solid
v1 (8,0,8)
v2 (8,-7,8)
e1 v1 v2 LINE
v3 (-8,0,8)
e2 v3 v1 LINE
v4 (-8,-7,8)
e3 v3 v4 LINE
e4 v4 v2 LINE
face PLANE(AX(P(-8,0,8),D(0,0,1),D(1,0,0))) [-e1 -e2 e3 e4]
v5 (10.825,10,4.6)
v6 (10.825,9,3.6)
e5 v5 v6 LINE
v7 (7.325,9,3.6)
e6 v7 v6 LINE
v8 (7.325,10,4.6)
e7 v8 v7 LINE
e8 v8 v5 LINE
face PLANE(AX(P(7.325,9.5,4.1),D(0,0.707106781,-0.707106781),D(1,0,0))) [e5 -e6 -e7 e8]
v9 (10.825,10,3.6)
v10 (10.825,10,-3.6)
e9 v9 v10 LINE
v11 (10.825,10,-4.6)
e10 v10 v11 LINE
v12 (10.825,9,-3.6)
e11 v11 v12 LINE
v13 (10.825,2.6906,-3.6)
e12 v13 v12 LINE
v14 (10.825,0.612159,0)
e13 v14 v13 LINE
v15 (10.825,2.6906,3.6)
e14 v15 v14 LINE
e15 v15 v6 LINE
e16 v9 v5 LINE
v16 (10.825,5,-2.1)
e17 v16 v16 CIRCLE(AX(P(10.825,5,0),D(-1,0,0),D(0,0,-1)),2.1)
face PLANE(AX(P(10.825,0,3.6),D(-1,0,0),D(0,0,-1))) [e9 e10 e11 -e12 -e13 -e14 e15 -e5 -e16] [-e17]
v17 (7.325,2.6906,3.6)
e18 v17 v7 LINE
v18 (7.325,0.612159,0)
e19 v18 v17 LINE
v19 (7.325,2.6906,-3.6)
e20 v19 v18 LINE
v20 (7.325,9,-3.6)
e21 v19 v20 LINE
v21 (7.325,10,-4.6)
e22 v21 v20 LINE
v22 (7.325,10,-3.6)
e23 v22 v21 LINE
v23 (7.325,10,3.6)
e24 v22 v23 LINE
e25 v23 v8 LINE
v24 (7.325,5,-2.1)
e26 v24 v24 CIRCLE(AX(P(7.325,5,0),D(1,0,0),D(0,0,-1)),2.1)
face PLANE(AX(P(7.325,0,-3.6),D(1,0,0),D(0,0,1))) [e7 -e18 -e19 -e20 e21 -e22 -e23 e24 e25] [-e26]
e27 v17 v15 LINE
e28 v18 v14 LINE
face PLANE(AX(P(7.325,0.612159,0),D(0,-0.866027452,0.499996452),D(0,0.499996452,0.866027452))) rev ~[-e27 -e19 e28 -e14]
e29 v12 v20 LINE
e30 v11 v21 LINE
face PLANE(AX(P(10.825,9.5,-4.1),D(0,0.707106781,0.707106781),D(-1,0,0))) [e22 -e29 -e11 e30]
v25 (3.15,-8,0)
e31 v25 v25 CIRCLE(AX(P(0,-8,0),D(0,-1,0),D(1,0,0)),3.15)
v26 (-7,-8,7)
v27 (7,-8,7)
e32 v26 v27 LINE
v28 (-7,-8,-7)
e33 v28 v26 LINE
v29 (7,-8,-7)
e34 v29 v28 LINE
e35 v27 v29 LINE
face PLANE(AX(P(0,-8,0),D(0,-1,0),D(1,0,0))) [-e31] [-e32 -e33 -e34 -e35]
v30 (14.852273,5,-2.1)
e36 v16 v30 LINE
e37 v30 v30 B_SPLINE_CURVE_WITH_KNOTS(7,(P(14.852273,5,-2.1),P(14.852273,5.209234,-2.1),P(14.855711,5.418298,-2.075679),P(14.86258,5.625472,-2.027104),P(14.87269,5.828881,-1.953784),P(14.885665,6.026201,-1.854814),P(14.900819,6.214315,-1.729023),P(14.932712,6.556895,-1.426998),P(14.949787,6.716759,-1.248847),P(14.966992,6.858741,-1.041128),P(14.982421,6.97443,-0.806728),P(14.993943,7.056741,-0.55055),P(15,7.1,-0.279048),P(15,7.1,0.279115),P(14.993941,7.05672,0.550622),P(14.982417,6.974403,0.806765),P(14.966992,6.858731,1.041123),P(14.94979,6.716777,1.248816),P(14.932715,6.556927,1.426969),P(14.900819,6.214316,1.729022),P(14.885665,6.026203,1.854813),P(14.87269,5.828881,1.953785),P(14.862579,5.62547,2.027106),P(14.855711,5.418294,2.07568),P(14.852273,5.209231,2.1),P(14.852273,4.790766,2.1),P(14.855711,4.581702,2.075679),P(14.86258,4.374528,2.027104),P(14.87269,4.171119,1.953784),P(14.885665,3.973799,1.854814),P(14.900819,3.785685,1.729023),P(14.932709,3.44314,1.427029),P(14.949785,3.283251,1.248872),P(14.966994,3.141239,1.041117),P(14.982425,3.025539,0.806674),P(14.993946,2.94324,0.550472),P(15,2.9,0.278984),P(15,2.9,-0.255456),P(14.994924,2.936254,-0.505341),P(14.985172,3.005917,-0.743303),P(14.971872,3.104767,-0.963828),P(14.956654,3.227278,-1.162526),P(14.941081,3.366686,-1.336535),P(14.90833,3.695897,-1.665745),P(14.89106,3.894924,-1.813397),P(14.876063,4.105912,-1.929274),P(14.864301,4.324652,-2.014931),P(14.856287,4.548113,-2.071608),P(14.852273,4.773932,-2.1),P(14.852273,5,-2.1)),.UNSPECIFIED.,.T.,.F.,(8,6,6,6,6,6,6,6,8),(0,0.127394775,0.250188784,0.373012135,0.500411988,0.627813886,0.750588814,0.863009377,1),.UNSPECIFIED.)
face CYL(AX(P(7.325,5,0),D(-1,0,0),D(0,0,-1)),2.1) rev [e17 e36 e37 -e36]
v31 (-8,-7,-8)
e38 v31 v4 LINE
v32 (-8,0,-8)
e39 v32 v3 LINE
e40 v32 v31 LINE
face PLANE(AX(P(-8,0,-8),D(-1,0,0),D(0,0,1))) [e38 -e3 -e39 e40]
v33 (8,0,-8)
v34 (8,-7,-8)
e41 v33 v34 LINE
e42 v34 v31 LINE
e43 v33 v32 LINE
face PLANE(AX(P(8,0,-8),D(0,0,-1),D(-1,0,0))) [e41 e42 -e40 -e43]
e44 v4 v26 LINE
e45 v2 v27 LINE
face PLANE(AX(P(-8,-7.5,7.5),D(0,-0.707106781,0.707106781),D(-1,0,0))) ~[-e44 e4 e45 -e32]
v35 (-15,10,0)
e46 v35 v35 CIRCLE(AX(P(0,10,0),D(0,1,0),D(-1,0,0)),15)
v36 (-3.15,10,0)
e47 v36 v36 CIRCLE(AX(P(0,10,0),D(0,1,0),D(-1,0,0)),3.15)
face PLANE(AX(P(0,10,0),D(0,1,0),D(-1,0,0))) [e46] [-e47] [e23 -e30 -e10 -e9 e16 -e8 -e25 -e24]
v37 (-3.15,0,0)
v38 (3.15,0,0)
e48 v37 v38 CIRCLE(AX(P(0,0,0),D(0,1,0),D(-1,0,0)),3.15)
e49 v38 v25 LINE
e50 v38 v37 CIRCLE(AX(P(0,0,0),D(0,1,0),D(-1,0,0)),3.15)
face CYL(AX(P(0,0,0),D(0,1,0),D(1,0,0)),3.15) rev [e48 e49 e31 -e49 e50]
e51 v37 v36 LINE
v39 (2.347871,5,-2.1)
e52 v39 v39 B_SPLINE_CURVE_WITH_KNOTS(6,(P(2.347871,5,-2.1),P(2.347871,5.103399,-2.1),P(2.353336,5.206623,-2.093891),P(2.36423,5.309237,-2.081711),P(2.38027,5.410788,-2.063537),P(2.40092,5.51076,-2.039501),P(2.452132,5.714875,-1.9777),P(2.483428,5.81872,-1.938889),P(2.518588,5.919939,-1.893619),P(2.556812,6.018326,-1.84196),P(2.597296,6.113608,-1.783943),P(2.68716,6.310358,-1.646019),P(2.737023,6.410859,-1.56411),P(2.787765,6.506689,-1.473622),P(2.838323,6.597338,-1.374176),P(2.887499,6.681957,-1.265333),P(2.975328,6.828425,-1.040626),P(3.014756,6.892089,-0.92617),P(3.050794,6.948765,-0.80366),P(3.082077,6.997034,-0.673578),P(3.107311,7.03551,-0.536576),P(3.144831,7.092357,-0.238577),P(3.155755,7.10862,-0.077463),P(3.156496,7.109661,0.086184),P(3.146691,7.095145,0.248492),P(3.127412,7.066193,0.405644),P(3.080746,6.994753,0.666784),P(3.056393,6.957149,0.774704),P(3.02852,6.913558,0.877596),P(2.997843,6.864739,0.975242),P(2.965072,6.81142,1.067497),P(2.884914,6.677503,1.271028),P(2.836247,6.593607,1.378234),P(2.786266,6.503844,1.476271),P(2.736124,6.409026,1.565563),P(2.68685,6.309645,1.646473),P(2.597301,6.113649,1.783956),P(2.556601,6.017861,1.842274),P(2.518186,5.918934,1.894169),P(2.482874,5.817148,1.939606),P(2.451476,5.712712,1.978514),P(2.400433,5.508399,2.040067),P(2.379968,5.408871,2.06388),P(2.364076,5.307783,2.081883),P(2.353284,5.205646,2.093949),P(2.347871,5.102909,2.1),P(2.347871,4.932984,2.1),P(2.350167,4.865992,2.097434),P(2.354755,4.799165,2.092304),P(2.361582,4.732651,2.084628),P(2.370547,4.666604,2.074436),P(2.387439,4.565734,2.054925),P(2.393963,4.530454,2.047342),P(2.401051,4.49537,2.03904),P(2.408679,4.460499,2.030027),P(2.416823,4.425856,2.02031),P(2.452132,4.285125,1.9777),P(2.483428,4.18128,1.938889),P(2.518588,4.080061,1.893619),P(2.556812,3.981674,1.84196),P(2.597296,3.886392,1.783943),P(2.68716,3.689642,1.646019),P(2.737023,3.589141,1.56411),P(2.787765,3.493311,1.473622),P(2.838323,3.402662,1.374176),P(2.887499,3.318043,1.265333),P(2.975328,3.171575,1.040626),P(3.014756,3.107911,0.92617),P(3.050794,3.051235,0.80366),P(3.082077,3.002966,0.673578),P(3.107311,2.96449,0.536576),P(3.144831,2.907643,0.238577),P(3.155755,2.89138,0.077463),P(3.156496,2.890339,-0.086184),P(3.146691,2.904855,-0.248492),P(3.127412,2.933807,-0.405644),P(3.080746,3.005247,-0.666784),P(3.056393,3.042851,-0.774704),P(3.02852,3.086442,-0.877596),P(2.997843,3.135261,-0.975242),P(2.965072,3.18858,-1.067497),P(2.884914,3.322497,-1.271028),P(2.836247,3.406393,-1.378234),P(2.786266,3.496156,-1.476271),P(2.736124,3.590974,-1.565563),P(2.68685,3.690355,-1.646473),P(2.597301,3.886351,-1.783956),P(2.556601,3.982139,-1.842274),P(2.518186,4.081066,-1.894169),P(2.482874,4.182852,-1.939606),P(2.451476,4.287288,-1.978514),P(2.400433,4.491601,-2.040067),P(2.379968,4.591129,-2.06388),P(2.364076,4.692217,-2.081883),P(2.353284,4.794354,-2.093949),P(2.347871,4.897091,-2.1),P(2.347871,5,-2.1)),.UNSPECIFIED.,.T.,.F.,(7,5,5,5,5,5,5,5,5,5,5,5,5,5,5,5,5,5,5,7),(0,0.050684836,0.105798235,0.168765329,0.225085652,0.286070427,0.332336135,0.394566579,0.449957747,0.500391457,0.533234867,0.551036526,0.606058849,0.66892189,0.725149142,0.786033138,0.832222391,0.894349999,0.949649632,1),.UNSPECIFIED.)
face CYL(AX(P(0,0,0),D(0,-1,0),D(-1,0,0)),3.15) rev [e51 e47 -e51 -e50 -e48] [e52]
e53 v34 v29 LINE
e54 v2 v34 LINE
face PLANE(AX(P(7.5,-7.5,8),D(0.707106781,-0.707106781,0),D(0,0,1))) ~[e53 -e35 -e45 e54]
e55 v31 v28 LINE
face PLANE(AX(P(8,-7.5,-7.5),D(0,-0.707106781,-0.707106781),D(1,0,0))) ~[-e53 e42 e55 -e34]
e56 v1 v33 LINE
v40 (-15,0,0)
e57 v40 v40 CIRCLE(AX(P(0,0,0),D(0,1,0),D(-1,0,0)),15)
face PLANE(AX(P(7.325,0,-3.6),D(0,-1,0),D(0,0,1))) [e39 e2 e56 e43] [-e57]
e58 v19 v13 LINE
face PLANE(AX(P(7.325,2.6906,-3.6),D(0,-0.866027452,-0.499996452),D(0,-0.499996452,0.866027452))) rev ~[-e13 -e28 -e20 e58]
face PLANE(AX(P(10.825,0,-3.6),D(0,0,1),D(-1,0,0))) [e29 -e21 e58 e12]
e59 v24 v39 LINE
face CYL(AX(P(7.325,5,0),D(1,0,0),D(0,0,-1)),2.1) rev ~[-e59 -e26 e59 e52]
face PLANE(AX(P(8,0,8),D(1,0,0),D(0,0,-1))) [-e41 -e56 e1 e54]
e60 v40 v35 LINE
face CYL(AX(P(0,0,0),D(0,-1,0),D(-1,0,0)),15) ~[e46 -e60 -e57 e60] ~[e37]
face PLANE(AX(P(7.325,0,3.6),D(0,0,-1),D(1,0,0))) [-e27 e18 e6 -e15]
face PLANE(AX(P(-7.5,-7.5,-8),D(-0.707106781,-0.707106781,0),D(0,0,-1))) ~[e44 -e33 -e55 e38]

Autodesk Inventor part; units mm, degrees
ref_plane "YZ Plane" through (0, 0, 0) normal (1, 0, 0) x (0, 1, 0)
ref_plane "XZ Plane" through (0, 0, 0) normal (0, 1, 0) x (-1, 0, 0)
ref_plane "XY Plane" through (0, 0, 0) normal (0, 0, 1) x (1, 0, 0)
sketch "Boceto1" plane through (0, 0, 0) normal (0, 1, 0) x (-1, 0, 0)
  circle A0 centre (0, 0) radius 3.15
  circle A1 centre (0, 0) radius 15
  line L0 (-7.325, 3.6) -> (-10.825, 3.6)
  line L1 (-10.825, 3.6) -> (-10.825, -3.6)
  line L2 (-10.825, -3.6) -> (-7.325, -3.6)
  line L3 (-7.325, -3.6) -> (-7.325, 3.6)
  circle A2 centre (0, 0) radius 9.763 construction
  line L4 (6.7802, -4.5436) -> (0.5448, -8.1436)
  line L5 (8.5302, -7.5747) -> (6.7802, -4.5436)
  line L6 (2.2948, -11.1747) -> (8.5302, -7.5747)
  line L7 (0.5448, -8.1436) -> (2.2948, -11.1747)
  line L8 (0.5448, 8.1436) -> (6.7802, 4.5436)
  line L9 (2.2948, 11.1747) -> (0.5448, 8.1436)
  line L10 (8.5302, 7.5747) -> (2.2948, 11.1747)
  line L11 (6.7802, 4.5436) -> (8.5302, 7.5747)
  point P0 (-7.325, 0)
  point P1 (-9.075, 3.6)
  point P2 (3.6625, -6.3436)
  point P3 (1.4198, -9.6592)
  point P4 (3.6625, 6.3436)
  point P5 (7.6552, 6.0592)
  dimension "d0" = 6.3
  dimension "tuerca" = 7.2
  dimension "d2" = 11.85
  dimension "d3" = 6.613
  dimension "d4" = 3.5
  dimension "d18" = 360
  dimension "d26" = 30
  dimension "d27" = 4.175
  dimension "d28" = 4.175
extrude "Extrusión1" add sketch "Boceto1" along normal blind 10 contours A1 | L5 L6 L7 L4 | L9 L10 L11 L8
sketch "Boceto2" plane through (7.325, 0, -3.6) normal (1, 0, 0) x (0, 0, -1)
  line L0 (0, 0) -> (-7.2, 0) projected
  line L1 (0, 0) -> (0, 10) construction
  line L2 (-7.2, 10) -> (0, 10) construction
  line L3 (-7.2, 0) -> (-7.2, 10) construction
  line L4 (-7.2, 0) -> (0, 10) construction
  circle A0 centre (-3.6, 5) radius 2.1
  line L5 (0, 2.6906) -> (-4.6603, 0)
  line L6 (-2.5397, 0) -> (-7.2, 2.6906)
  line L7 (-7.2, 2.6906) -> (-7.2, 0)
  line L8 (0, 2.6906) -> (0, 0)
  point P0 (-3.6, 0)
  dimension "d7" = 4.2
  dimension "d8" = 120
  dimension "d9" = 3.8
extrude "Extrusión2" cut sketch "Boceto2" along normal mid plane 16 contours A0
extrude "Extrusión3" add sketch "Boceto2" along normal up to next contours L0 L6 L5 L8 | L0 L5 L6 | L0 L7 L6 L5
sketch "Boceto3" plane through (0, 0, 0) normal (0, -1, 0) x (1, 0, 0)
  circle A0 centre (0, 0) radius 3.15 projected
  circle A1 centre (0, 0) radius 27.5
  line L0 (-8, 8) -> (8, 8)
  line L1 (8, 8) -> (8, -8)
  line L2 (8, -8) -> (-8, -8)
  line L3 (-8, -8) -> (-8, 8)
  point P0 (-8, 0)
  point P1 (0, 8)
  dimension "d32" = 16
  dimension "d33" = 55
extrude "Extrusión4" add sketch "Boceto3" along normal blind 8 contours L0 L1 L2 L3
chamfer "Chaflán1" distance 1 angle 45 2 edges at (9.075, 10, 3.6) (9.075, 10, -3.6)
chamfer "Chaflán3" distance 1 angle 45 4 edges at (0, -8, 8) (-8, -8, 0) (0, -8, -8) (8, -8, 0)
equation "\"d28\" = d27"
properties part number "dado polea"
